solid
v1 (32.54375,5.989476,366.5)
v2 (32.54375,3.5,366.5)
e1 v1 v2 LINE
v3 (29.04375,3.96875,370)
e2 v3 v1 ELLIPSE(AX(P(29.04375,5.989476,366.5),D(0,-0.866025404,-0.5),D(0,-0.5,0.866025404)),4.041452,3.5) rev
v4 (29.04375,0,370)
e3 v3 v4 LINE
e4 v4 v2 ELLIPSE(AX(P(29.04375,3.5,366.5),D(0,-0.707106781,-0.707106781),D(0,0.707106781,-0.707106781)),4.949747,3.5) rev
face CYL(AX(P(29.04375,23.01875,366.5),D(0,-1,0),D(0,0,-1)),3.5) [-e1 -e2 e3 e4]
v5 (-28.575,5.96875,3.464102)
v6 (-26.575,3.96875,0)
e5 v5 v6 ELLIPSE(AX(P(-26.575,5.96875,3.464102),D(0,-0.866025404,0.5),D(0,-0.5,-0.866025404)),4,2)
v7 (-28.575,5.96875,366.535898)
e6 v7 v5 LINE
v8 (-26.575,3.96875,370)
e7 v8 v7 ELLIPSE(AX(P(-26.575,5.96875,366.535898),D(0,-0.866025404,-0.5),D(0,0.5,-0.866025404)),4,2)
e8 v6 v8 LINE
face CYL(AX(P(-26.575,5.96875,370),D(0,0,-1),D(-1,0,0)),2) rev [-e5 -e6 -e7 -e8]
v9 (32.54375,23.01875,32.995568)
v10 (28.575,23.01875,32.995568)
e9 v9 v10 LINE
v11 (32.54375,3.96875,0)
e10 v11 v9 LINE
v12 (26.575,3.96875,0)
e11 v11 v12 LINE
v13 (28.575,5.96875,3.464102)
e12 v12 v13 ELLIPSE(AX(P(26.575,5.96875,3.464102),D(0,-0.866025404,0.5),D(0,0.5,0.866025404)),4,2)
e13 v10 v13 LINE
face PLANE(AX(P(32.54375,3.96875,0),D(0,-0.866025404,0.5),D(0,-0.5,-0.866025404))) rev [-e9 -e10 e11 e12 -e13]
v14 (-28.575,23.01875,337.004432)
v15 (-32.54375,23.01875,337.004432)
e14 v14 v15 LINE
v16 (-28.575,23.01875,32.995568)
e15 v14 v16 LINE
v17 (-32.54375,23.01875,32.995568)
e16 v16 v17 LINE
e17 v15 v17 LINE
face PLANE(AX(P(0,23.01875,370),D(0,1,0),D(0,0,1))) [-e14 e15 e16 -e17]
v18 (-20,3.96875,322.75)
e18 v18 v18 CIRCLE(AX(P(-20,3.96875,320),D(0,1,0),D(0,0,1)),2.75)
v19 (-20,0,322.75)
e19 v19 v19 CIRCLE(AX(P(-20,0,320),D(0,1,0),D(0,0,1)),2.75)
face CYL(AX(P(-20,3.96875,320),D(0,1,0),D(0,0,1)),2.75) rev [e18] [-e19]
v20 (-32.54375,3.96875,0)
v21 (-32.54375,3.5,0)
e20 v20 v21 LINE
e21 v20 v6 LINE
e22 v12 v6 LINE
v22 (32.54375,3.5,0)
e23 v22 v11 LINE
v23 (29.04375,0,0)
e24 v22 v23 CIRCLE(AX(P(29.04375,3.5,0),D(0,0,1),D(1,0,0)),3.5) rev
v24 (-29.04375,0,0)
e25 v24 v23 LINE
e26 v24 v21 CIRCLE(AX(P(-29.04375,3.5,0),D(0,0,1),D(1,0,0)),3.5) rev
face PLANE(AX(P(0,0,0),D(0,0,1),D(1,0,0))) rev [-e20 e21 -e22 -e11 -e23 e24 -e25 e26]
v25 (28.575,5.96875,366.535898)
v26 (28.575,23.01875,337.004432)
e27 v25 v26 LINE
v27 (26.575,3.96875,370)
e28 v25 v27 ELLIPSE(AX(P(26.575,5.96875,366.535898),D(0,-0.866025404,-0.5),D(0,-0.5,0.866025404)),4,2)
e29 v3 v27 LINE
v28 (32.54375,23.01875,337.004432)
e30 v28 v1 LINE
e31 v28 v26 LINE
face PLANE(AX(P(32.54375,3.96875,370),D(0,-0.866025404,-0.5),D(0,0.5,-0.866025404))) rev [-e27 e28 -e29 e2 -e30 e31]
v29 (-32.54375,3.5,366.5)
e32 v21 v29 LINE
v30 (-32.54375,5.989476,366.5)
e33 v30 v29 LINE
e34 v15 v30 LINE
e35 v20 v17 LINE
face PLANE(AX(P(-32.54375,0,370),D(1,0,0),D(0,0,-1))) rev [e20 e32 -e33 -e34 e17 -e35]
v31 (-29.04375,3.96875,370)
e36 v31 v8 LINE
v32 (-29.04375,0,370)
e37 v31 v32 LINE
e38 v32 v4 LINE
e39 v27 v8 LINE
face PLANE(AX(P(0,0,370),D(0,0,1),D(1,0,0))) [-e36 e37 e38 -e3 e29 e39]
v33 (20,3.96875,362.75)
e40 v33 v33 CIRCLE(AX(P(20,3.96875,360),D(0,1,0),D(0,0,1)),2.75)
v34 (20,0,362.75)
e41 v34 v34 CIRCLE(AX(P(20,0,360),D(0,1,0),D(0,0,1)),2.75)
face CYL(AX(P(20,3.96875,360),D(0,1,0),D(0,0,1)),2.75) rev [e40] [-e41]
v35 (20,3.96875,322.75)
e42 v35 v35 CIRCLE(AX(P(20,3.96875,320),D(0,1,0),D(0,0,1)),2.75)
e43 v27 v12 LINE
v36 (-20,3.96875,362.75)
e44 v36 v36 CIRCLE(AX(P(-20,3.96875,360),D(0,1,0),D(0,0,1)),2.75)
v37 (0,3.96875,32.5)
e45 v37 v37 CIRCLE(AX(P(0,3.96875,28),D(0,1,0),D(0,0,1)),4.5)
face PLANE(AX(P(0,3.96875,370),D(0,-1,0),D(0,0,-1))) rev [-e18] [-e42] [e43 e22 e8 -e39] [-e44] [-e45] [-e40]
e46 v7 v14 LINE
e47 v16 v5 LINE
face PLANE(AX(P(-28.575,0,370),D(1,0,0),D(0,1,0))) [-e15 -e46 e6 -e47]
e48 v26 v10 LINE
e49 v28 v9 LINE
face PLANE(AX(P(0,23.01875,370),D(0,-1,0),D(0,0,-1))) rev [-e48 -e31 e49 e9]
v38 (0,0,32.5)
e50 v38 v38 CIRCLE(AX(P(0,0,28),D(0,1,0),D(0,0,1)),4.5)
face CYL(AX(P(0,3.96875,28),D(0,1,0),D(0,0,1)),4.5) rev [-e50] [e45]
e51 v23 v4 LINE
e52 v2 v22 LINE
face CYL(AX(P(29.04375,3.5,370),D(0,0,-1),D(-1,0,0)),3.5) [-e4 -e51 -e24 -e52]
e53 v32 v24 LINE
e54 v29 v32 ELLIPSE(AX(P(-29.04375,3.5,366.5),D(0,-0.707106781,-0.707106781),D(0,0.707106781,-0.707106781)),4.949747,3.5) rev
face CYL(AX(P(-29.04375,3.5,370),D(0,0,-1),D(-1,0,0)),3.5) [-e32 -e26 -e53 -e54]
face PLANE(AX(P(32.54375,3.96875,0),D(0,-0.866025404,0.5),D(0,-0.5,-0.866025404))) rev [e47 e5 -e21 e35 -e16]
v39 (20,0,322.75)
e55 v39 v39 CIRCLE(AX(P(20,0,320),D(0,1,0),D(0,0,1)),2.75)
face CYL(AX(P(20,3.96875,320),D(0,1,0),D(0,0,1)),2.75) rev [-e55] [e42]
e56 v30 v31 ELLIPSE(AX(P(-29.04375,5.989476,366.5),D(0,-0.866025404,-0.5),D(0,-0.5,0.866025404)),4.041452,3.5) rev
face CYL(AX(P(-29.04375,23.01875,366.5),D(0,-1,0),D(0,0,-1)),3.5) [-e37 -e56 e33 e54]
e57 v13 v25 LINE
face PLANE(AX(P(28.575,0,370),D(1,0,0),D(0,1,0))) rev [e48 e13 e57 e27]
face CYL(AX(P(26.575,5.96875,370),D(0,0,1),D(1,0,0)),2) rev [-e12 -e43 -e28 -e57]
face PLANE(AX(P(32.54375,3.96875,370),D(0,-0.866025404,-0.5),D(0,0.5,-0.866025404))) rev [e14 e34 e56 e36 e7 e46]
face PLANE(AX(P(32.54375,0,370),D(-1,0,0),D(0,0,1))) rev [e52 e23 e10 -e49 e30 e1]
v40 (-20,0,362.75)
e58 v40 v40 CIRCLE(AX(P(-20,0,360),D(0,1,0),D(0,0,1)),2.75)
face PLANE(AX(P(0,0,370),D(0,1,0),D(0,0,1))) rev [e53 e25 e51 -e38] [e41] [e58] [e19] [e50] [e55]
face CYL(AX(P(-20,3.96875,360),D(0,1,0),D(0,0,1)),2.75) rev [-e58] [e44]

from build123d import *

# Parameters (mm, degrees)
BOSS_EXTRUDE1_DEPTH  = 370
CUT_EXTRUDE1_DEPTH   = 377.385766877
M5_CLEARANCE_HOLE1_D = 5.5
M8_CLEARANCE_HOLE1_D = 9
FILLET1_R            = 2
FILLET2_R            = 3.5
CUT_EXTRUDE2_DEPTH   = 373.141046534


with BuildPart() as part:
    # Sketch1 → Boss-Extrude1 (new body)
    with BuildSketch(Plane.XY):
        Polygon((-28.575, 23.01875), (-32.54375, 23.01875), (-32.54375, 0), (32.54375, 0), (32.54375, 23.01875), (28.575, 23.01875), (28.575, 3.96875), (-28.575, 3.96875), align=None)
    extrude(amount=BOSS_EXTRUDE1_DEPTH)

    # Sketch2 → Cut-Extrude1 (cut, through all)
    with BuildSketch(Plane.ZY.offset(32.54375)):
        Polygon((0, 3.96875), (32.995567884, 23.01875), (0, 23.01875), align=None)
        Polygon((370, 23.01875), (370, 3.96875), (337.004432116, 23.01875), align=None)
    extrude(amount=-CUT_EXTRUDE1_DEPTH, mode=Mode.SUBTRACT)

    # M5 Clearance Hole1 (through all)
    with Locations(Plane(origin=(0, 3.96875, 0), x_dir=(1, 0, 0), z_dir=(0, 1, 0))):
        with Locations((20, -360), (20, -320), (-20, -320), (-20, -360)):
            Hole(M5_CLEARANCE_HOLE1_D / 2)

    # M8 Clearance Hole1 (through all)
    with Locations(Plane(origin=(0, 3.96875, 0), x_dir=(1, 0, 0), z_dir=(0, 1, 0))):
        with Locations((0, -28)):
            Hole(M8_CLEARANCE_HOLE1_D / 2)

    # Fillet1
    fillet1_edges = [part.edges().sort_by_distance(p)[0] for p in [
        (28.575, 3.96875, 185),
        (-28.575, 3.96875, 185),
    ]]
    fillet(fillet1_edges, radius=FILLET1_R)

    # Fillet2
    fillet2_edges = [part.edges().sort_by_distance(p)[0] for p in [
        (32.54375, 0, 185),
        (-32.54375, 0, 185),
    ]]
    fillet(fillet2_edges, radius=FILLET2_R)

    # Sketch8 → Cut-Extrude2 (cut, through all)
    with BuildSketch(Plane.XZ):
        with BuildLine():
            Line((-32.54375, 366.5), (-32.54375, 370))
            Line((-32.54375, 370), (-29.04375, 370))
            ThreePointArc((-29.04375, 370), (-31.518623734, 368.974873734), (-32.54375, 366.5))
        make_face()
        with BuildLine():
            Line((29.04375, 370), (32.54375, 370))
            Line((32.54375, 370), (32.54375, 366.5))
            ThreePointArc((32.54375, 366.5), (31.518623734, 368.974873734), (29.04375, 370))
        make_face()
    extrude(amount=-CUT_EXTRUDE2_DEPTH, mode=Mode.SUBTRACT)


solid = part.part
